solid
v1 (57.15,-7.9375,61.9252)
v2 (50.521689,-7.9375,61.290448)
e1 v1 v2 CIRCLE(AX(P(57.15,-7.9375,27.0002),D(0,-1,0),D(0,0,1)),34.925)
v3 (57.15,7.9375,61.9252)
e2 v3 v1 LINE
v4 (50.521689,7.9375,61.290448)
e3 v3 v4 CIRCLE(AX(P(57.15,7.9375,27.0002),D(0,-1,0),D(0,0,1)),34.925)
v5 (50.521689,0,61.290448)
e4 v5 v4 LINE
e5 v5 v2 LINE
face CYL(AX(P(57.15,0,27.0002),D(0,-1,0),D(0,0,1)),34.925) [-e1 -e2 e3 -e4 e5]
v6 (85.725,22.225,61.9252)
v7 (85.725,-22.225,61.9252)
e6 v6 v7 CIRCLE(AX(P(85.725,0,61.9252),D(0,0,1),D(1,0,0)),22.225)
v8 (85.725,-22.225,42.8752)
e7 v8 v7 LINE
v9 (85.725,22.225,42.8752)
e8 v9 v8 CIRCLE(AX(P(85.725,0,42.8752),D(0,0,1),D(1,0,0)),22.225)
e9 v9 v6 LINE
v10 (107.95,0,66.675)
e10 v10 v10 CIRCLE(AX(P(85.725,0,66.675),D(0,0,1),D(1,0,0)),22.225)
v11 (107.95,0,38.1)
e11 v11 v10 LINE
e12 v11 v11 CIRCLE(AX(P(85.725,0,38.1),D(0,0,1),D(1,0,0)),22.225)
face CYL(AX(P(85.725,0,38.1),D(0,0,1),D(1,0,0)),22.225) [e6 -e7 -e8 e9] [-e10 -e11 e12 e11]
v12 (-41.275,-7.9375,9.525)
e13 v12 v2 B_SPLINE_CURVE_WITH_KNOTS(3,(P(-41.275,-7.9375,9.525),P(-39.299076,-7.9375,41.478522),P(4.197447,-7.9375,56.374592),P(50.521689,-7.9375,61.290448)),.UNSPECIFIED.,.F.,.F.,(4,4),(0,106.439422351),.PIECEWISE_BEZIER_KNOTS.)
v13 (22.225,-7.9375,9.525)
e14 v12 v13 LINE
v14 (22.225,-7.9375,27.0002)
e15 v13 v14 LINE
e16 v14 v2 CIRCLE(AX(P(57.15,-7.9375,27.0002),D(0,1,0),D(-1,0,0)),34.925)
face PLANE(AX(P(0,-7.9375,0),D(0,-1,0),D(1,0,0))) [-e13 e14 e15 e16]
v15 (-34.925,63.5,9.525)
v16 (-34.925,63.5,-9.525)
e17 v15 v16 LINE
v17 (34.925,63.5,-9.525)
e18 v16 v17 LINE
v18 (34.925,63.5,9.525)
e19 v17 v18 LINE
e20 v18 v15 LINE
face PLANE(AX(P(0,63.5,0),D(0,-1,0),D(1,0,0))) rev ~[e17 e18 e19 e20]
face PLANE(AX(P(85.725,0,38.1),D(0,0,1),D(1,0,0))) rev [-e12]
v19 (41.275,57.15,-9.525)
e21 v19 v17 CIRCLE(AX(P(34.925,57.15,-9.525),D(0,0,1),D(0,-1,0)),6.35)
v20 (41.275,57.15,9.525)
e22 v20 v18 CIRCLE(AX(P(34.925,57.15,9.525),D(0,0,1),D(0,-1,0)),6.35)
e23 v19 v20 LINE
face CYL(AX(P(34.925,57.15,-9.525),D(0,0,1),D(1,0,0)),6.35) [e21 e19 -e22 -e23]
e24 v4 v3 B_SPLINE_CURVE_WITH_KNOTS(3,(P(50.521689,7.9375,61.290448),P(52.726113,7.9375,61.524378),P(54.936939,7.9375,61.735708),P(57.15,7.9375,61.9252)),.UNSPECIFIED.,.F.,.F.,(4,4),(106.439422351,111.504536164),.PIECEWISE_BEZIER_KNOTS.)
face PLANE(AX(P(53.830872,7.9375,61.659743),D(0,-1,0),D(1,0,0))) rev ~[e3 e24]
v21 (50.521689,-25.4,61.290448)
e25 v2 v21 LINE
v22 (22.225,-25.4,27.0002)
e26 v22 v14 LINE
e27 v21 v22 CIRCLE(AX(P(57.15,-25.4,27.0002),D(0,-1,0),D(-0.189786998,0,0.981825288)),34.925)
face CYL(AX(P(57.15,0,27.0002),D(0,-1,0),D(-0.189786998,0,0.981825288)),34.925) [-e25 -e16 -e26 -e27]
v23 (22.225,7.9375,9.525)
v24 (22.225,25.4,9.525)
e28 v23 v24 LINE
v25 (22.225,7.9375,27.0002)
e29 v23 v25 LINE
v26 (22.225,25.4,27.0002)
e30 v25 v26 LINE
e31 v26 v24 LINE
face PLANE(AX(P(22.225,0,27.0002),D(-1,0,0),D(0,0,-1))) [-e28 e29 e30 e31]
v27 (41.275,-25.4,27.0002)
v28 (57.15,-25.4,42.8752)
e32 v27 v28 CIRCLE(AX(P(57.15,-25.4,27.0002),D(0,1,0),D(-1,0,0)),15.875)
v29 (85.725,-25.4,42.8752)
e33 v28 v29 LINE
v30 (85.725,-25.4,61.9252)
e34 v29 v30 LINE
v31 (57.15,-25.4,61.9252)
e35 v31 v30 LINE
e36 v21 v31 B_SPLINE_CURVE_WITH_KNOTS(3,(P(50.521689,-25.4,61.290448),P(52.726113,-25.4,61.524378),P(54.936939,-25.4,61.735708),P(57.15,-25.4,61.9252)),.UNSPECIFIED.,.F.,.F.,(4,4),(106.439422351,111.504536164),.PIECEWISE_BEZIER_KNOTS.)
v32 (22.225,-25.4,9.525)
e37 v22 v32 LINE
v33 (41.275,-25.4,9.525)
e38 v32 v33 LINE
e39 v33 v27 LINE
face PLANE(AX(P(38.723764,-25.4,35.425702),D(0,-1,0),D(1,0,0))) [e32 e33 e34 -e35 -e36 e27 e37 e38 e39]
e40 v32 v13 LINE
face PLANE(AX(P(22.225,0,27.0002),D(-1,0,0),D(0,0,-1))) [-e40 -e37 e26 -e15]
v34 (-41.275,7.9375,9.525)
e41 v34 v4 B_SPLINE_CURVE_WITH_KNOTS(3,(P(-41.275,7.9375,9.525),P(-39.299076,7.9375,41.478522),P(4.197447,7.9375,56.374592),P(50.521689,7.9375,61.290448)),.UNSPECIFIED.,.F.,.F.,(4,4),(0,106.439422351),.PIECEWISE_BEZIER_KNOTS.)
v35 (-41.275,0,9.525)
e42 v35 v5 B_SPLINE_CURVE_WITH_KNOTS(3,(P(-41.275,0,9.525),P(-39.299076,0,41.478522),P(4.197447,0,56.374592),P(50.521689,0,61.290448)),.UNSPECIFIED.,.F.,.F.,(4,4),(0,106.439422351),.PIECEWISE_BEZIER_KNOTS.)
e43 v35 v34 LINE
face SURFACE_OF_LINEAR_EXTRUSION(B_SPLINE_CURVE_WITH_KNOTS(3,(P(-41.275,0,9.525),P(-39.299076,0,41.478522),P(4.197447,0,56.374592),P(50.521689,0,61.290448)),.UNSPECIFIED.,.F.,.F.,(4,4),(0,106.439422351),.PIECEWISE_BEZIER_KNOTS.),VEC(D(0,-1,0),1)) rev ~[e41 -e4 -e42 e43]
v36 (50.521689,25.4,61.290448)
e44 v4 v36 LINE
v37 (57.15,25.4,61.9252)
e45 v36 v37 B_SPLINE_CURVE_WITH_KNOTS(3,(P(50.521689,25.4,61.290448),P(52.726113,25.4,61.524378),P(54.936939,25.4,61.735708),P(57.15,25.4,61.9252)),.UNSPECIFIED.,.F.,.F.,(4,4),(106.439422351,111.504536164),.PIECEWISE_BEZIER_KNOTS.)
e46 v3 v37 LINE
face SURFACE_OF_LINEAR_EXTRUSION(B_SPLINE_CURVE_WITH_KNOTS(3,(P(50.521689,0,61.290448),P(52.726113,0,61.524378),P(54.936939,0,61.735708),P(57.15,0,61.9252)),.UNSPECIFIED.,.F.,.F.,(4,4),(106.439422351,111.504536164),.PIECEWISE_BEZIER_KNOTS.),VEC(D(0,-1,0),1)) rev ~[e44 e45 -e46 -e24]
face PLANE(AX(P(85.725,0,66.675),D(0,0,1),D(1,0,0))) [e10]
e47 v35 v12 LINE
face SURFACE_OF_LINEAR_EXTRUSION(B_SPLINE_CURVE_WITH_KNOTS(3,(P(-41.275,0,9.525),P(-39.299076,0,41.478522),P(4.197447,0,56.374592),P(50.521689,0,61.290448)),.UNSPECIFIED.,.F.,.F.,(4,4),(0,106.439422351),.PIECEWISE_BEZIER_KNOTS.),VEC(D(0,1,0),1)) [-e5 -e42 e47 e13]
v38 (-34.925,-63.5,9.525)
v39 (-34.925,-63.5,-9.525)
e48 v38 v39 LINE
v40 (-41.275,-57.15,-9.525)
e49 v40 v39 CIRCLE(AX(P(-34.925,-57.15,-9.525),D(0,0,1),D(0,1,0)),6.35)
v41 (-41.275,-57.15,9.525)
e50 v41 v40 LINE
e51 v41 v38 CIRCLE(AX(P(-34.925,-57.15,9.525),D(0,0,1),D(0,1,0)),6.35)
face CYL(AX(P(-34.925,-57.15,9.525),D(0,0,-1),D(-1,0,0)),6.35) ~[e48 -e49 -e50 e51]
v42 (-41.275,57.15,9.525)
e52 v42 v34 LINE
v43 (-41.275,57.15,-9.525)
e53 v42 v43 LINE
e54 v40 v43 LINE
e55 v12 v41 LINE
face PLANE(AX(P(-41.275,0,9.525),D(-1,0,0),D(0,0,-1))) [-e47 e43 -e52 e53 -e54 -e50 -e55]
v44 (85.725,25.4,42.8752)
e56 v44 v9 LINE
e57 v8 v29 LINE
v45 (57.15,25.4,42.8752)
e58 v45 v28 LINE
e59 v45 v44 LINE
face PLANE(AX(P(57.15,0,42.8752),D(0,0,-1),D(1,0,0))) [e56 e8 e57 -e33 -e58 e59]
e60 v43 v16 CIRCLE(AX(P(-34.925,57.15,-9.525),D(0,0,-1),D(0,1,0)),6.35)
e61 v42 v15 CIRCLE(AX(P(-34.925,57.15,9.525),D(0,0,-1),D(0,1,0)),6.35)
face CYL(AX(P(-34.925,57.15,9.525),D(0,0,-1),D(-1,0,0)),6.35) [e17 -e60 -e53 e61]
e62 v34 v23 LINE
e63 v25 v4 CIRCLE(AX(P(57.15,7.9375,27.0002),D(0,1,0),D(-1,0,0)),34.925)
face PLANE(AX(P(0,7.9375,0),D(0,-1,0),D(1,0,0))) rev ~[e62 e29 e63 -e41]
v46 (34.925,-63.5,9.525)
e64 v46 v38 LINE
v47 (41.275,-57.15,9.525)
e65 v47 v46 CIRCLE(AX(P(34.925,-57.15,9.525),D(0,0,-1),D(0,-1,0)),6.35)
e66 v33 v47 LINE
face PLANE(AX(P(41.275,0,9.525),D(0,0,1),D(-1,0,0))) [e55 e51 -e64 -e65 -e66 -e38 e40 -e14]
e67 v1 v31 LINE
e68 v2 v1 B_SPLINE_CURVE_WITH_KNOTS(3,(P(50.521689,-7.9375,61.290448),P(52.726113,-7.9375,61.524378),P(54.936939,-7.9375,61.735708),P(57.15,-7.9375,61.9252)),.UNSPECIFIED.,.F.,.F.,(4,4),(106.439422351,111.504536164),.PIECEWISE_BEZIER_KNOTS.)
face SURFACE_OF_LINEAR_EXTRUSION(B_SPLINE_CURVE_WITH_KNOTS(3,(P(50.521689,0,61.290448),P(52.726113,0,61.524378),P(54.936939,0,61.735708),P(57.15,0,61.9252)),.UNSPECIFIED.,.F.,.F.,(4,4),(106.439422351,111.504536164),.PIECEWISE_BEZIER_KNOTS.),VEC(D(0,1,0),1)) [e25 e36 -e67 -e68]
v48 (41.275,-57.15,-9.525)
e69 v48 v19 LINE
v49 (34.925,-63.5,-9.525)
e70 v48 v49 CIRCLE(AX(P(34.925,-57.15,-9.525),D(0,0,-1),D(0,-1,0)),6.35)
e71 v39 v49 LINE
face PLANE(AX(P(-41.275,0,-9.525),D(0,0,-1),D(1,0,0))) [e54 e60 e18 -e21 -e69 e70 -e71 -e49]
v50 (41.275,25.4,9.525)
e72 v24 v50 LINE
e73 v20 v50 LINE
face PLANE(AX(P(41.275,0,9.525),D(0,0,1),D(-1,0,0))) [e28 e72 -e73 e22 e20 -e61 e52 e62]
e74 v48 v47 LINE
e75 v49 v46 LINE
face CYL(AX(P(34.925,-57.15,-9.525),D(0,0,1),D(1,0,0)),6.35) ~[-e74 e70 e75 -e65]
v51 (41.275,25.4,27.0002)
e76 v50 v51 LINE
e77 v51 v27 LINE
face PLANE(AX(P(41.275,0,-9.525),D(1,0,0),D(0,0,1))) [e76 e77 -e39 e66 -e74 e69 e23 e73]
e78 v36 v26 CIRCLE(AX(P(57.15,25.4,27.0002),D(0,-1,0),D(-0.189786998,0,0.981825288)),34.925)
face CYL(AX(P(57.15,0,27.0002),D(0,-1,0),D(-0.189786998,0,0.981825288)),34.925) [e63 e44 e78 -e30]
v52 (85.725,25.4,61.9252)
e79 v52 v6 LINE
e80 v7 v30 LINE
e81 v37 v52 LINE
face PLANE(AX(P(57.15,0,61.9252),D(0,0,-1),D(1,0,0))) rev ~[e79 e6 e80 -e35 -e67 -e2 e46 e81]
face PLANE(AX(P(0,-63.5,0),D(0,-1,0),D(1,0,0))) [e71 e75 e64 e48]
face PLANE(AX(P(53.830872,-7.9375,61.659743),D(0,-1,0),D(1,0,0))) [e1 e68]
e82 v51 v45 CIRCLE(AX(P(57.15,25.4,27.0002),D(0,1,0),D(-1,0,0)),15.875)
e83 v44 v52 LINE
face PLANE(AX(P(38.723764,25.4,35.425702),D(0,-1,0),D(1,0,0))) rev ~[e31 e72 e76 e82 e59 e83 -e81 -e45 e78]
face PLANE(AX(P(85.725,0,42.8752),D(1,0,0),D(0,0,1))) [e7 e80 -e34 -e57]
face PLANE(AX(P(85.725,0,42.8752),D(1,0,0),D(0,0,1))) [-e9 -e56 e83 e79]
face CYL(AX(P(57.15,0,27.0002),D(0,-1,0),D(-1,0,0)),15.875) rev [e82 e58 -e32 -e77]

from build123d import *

# Parameters (mm, degrees)
F1_DEPTH = 63.5
F0_W     = 28.575
F0_H     = 19.05
F2_DEPTH = 25.4
F3_DEPTH = 7.9375
F5_R     = 6.35


with BuildPart() as f1:
    # F0 (on Front) → F1 (new body, symmetric)
    with BuildSketch(Plane.XZ):
        Polygon((41.275, -9.525), (41.275, 9.525), (22.225, 9.525), (-41.275, 9.525), (-41.275, -9.525), align=None)
    extrude(amount=F1_DEPTH, both=True)

    # F0 (on Front) → F2 (join, symmetric)
    with BuildSketch(Plane.XZ):
        with BuildLine():
            Line((22.225, 9.525), (41.275, 9.525))
            Line((41.275, 9.525), (41.275, 27.0002))
            ThreePointArc((41.275, 27.0002), (45.9246798487, 38.2255201513), (57.15, 42.8752))
            Line((57.15, 42.8752), (57.15, 61.9252))
            add(Edge.make_bspline(
                [(50.521689096, 61.29044817), (52.7261125358, 61.5243781465), (54.9369393602, 61.735707874), (57.15, 61.9252)],
                knots=[106.439422351, 106.439422351, 106.439422351, 106.439422351, 111.5045361635, 111.5045361635, 111.5045361635, 111.5045361635], degree=3))
            ThreePointArc((50.521689096, 61.29044817), (30.2125782291, 49.2292560605), (22.225, 27.0002))
            Line((22.225, 27.0002), (22.225, 9.525))
        make_face()
        with Locations((71.4375, 52.4002)):
            Rectangle(F0_W, F0_H)
    extrude(amount=F2_DEPTH, both=True)

    # F0 (on Front) → F3 (join, symmetric)
    with BuildSketch(Plane.XZ):
        with BuildLine():
            ThreePointArc((57.15, 61.9252), (53.8206826779, 61.7661498816), (50.521689096, 61.29044817))
            add(Edge.make_bspline(
                [(50.521689096, 61.29044817), (52.7261125358, 61.5243781465), (54.9369393602, 61.735707874), (57.15, 61.9252)],
                knots=[106.439422351, 106.439422351, 106.439422351, 106.439422351, 111.5045361635, 111.5045361635, 111.5045361635, 111.5045361635], degree=3))
        make_face()
        Polygon((41.275, -9.525), (41.275, 9.525), (22.225, 9.525), (-41.275, 9.525), (-41.275, -9.525), align=None)
        with BuildLine():
            Line((-41.275, 9.525), (22.225, 9.525))
            Line((22.225, 9.525), (22.225, 27.0002))
            ThreePointArc((22.225, 27.0002), (30.2125782291, 49.2292560605), (50.521689096, 61.29044817))
            add(Edge.make_bspline(
                [(-41.275, 9.525), (-39.2990761683, 41.4785222008), (4.1974471864, 56.3745918841), (50.521689096, 61.29044817)],
                knots=[0, 0, 0, 0, 106.439422351, 106.439422351, 106.439422351, 106.439422351], degree=3))
        make_face()
    extrude(amount=F3_DEPTH, both=True)

    # F0 (on Front) → F4 (revolve)
    with BuildSketch(Plane.XZ):
        Polygon((85.725, 61.9252), (85.725, 42.8752), (85.725, 38.1), (107.95, 38.1), (107.95, 66.675), (85.725, 66.675), align=None)
    revolve(axis=Axis((85.725, 0, 52.3875), (0, 0, 1)))

    # F5
    f5_edges = [f1.edges().sort_by_distance(p)[0] for p in [
        (-41.275, 63.5, 0),
        (41.275, 63.5, 0),
        (-41.275, -63.5, 0),
        (41.275, -63.5, 0),
    ]]
    fillet(f5_edges, radius=F5_R)


solid = f1.part
